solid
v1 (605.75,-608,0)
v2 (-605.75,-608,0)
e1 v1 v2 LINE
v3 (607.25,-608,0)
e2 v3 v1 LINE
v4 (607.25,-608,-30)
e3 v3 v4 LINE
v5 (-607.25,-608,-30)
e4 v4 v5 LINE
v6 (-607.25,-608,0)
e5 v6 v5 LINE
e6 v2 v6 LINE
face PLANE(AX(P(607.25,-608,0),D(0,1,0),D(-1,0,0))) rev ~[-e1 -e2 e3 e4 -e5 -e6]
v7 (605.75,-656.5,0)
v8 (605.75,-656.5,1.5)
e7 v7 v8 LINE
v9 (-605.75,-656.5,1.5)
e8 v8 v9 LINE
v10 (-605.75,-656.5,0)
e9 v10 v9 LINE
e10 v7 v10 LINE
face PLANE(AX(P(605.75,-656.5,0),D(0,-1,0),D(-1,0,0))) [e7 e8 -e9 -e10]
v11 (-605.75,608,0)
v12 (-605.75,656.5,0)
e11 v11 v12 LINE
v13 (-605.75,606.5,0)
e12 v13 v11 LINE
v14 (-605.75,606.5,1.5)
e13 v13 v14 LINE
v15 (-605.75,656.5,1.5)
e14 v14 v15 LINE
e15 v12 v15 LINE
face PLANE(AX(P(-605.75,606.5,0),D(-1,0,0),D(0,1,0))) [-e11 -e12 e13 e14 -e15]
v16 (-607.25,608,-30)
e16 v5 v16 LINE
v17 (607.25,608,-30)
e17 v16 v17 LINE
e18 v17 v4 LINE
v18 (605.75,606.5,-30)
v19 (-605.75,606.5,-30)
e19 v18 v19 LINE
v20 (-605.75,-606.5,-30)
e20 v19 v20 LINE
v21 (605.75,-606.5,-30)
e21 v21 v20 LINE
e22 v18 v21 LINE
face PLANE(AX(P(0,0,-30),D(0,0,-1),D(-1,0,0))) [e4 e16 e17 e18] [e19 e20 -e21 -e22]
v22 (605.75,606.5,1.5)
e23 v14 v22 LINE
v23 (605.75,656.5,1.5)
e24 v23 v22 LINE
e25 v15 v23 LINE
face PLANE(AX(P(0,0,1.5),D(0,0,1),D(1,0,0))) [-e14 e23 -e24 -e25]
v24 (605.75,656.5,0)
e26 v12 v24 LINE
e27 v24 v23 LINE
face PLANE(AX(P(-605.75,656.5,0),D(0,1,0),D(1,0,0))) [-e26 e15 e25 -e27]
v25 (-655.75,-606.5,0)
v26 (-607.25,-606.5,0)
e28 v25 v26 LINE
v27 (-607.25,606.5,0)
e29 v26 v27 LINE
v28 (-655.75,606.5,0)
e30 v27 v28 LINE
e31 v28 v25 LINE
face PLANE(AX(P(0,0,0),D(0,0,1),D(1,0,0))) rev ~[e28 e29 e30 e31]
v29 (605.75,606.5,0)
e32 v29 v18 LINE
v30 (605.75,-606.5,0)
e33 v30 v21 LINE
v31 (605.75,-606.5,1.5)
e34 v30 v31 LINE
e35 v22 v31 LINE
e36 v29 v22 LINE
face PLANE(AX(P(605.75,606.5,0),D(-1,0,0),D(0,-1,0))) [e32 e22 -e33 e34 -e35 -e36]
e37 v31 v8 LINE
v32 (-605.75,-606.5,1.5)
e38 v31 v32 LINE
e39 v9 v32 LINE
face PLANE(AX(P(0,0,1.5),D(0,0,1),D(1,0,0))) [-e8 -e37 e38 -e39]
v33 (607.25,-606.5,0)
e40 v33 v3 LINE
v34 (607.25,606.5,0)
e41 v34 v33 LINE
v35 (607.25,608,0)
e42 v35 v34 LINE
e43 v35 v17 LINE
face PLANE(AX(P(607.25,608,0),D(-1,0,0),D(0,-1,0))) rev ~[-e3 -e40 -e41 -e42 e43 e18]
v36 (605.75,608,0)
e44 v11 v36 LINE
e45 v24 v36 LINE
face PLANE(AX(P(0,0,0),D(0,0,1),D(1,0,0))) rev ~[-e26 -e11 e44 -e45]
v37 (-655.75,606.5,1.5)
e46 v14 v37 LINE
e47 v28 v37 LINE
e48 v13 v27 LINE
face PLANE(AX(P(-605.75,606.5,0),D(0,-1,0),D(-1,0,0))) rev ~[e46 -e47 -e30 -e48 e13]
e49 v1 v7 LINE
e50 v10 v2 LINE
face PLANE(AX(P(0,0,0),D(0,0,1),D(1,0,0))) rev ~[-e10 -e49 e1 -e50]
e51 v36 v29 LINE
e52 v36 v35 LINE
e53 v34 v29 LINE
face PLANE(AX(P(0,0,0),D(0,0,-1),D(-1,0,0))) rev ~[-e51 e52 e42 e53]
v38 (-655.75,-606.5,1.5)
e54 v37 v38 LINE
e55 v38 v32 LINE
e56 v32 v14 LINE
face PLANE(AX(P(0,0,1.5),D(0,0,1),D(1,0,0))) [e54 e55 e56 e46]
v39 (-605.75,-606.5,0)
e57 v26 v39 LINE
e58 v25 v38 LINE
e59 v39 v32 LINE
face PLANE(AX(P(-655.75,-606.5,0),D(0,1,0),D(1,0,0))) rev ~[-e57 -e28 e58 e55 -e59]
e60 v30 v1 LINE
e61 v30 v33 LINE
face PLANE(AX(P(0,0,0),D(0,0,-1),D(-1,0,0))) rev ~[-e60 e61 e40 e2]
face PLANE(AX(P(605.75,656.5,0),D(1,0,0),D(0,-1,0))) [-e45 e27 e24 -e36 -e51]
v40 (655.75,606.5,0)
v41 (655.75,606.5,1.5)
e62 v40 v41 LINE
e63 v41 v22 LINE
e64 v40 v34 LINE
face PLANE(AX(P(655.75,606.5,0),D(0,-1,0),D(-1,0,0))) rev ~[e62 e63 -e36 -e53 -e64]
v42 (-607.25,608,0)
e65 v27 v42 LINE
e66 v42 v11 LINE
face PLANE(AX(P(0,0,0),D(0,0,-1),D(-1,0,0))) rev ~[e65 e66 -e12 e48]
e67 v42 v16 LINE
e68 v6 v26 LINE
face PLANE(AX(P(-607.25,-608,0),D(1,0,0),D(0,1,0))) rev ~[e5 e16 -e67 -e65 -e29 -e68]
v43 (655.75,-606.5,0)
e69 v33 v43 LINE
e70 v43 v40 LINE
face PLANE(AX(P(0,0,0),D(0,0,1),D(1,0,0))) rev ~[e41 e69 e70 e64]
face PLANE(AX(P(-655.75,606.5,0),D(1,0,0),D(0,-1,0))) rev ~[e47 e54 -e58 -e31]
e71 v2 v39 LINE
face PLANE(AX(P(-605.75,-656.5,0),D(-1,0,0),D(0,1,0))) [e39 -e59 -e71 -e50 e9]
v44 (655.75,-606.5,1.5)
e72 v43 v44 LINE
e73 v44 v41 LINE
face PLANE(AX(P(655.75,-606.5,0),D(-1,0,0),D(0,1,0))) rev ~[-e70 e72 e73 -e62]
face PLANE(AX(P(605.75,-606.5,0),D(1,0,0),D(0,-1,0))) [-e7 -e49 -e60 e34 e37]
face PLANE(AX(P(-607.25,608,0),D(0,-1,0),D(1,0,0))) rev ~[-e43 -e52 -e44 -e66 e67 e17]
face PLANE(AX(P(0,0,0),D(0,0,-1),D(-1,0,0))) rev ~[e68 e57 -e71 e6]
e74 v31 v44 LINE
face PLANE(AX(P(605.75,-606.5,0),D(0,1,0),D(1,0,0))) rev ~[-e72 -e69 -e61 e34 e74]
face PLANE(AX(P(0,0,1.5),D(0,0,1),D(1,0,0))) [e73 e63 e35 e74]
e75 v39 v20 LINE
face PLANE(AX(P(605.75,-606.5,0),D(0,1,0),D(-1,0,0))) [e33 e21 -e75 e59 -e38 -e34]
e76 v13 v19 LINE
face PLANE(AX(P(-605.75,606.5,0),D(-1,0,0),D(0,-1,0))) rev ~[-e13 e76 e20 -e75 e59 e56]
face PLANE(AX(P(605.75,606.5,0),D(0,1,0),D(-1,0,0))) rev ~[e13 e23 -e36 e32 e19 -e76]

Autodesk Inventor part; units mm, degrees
ref_plane "YZ Plane" through (0, 0, 0) normal (1, 0, 0) x (0, 1, 0)
ref_plane "XZ Plane" through (0, 0, 0) normal (0, 1, 0) x (-1, 0, 0)
ref_plane "XY Plane" through (0, 0, 0) normal (0, 0, 1) x (1, 0, 0)
sketch "Sketch1" plane through (0, 0, 0) normal (0, 0, 1) x (1, 0, 0)
  line L0 (604.25, 605) -> (604.25, -605)
  line L1 (604.25, -605) -> (-604.25, -605)
  line L2 (-604.25, -605) -> (-604.25, 605)
  line L3 (-604.25, 605) -> (604.25, 605)
  line L4 (605.75, -606.5) -> (-605.75, -606.5)
  line L5 (605.75, 606.5) -> (605.75, -606.5)
  line L6 (-605.75, 606.5) -> (605.75, 606.5)
  line L7 (-605.75, -606.5) -> (-605.75, 606.5)
  line L8 (-605.75, 606.5) -> (-655.75, 606.5)
  line L9 (-655.75, 606.5) -> (-655.75, -606.5)
  line L10 (-655.75, -606.5) -> (-605.75, -606.5)
  line L11 (-605.75, -606.5) -> (-605.75, 606.5)
  line L12 (-605.75, -606.5) -> (605.75, -606.5)
  line L13 (605.75, -606.5) -> (605.75, -656.5)
  line L14 (605.75, -656.5) -> (-605.75, -656.5)
  line L15 (-605.75, -656.5) -> (-605.75, -606.5)
  line L16 (605.75, -606.5) -> (655.75, -606.5)
  line L17 (655.75, -606.5) -> (655.75, 606.5)
  line L18 (655.75, 606.5) -> (605.75, 606.5)
  line L19 (605.75, 606.5) -> (605.75, -606.5)
  line L20 (605.75, 606.5) -> (-605.75, 606.5)
  line L21 (-605.75, 606.5) -> (-605.75, 656.5)
  line L22 (-605.75, 656.5) -> (605.75, 656.5)
  line L23 (605.75, 656.5) -> (605.75, 606.5)
  point P0 (0, 0)
  point P1 (0, 0)
  point P2 (-605.75, -606.5)
  point P3 (-605.75, -606.5)
  point P4 (-605.75, -606.5)
  point P5 (-605.75, -606.5)
  dimension "d0" = 50
  dimension "d1" = 50
  dimension "d2" = 50
  dimension "d3" = 50
extrude "Extrusion1" add sketch "Sketch1" along normal blind 1.5 contours L13 L14 L15 L4 | L5 L18 L17 L16 | L10 L9 L8 L7 | L6 L21 L22 L23
sketch "Sketch2" plane through (0, 0, 0) normal (0, 0, -1) x (-1, 0, 0)
  line L0 (-605.75, 606.5) -> (-605.75, -606.5) projected
  line L1 (-605.75, -606.5) -> (605.75, -606.5) projected
  line L2 (-605.75, 606.5) -> (605.75, 606.5)
  line L3 (605.75, 606.5) -> (605.75, -606.5)
  line L4 (605.75, -606.5) -> (-605.75, -606.5)
  line L5 (-605.75, -606.5) -> (-605.75, 606.5)
  line L6 (607.25, 608) -> (-607.25, 608)
  line L7 (-607.25, 608) -> (-607.25, -608)
  line L8 (-607.25, -608) -> (607.25, -608)
  line L9 (607.25, -608) -> (607.25, 608)
  point P0 (0, 0)
  dimension "d6" = 1.5
extrude "Extrusion2" add sketch "Sketch2" along normal blind 30
properties part number "Fastening Frame"
